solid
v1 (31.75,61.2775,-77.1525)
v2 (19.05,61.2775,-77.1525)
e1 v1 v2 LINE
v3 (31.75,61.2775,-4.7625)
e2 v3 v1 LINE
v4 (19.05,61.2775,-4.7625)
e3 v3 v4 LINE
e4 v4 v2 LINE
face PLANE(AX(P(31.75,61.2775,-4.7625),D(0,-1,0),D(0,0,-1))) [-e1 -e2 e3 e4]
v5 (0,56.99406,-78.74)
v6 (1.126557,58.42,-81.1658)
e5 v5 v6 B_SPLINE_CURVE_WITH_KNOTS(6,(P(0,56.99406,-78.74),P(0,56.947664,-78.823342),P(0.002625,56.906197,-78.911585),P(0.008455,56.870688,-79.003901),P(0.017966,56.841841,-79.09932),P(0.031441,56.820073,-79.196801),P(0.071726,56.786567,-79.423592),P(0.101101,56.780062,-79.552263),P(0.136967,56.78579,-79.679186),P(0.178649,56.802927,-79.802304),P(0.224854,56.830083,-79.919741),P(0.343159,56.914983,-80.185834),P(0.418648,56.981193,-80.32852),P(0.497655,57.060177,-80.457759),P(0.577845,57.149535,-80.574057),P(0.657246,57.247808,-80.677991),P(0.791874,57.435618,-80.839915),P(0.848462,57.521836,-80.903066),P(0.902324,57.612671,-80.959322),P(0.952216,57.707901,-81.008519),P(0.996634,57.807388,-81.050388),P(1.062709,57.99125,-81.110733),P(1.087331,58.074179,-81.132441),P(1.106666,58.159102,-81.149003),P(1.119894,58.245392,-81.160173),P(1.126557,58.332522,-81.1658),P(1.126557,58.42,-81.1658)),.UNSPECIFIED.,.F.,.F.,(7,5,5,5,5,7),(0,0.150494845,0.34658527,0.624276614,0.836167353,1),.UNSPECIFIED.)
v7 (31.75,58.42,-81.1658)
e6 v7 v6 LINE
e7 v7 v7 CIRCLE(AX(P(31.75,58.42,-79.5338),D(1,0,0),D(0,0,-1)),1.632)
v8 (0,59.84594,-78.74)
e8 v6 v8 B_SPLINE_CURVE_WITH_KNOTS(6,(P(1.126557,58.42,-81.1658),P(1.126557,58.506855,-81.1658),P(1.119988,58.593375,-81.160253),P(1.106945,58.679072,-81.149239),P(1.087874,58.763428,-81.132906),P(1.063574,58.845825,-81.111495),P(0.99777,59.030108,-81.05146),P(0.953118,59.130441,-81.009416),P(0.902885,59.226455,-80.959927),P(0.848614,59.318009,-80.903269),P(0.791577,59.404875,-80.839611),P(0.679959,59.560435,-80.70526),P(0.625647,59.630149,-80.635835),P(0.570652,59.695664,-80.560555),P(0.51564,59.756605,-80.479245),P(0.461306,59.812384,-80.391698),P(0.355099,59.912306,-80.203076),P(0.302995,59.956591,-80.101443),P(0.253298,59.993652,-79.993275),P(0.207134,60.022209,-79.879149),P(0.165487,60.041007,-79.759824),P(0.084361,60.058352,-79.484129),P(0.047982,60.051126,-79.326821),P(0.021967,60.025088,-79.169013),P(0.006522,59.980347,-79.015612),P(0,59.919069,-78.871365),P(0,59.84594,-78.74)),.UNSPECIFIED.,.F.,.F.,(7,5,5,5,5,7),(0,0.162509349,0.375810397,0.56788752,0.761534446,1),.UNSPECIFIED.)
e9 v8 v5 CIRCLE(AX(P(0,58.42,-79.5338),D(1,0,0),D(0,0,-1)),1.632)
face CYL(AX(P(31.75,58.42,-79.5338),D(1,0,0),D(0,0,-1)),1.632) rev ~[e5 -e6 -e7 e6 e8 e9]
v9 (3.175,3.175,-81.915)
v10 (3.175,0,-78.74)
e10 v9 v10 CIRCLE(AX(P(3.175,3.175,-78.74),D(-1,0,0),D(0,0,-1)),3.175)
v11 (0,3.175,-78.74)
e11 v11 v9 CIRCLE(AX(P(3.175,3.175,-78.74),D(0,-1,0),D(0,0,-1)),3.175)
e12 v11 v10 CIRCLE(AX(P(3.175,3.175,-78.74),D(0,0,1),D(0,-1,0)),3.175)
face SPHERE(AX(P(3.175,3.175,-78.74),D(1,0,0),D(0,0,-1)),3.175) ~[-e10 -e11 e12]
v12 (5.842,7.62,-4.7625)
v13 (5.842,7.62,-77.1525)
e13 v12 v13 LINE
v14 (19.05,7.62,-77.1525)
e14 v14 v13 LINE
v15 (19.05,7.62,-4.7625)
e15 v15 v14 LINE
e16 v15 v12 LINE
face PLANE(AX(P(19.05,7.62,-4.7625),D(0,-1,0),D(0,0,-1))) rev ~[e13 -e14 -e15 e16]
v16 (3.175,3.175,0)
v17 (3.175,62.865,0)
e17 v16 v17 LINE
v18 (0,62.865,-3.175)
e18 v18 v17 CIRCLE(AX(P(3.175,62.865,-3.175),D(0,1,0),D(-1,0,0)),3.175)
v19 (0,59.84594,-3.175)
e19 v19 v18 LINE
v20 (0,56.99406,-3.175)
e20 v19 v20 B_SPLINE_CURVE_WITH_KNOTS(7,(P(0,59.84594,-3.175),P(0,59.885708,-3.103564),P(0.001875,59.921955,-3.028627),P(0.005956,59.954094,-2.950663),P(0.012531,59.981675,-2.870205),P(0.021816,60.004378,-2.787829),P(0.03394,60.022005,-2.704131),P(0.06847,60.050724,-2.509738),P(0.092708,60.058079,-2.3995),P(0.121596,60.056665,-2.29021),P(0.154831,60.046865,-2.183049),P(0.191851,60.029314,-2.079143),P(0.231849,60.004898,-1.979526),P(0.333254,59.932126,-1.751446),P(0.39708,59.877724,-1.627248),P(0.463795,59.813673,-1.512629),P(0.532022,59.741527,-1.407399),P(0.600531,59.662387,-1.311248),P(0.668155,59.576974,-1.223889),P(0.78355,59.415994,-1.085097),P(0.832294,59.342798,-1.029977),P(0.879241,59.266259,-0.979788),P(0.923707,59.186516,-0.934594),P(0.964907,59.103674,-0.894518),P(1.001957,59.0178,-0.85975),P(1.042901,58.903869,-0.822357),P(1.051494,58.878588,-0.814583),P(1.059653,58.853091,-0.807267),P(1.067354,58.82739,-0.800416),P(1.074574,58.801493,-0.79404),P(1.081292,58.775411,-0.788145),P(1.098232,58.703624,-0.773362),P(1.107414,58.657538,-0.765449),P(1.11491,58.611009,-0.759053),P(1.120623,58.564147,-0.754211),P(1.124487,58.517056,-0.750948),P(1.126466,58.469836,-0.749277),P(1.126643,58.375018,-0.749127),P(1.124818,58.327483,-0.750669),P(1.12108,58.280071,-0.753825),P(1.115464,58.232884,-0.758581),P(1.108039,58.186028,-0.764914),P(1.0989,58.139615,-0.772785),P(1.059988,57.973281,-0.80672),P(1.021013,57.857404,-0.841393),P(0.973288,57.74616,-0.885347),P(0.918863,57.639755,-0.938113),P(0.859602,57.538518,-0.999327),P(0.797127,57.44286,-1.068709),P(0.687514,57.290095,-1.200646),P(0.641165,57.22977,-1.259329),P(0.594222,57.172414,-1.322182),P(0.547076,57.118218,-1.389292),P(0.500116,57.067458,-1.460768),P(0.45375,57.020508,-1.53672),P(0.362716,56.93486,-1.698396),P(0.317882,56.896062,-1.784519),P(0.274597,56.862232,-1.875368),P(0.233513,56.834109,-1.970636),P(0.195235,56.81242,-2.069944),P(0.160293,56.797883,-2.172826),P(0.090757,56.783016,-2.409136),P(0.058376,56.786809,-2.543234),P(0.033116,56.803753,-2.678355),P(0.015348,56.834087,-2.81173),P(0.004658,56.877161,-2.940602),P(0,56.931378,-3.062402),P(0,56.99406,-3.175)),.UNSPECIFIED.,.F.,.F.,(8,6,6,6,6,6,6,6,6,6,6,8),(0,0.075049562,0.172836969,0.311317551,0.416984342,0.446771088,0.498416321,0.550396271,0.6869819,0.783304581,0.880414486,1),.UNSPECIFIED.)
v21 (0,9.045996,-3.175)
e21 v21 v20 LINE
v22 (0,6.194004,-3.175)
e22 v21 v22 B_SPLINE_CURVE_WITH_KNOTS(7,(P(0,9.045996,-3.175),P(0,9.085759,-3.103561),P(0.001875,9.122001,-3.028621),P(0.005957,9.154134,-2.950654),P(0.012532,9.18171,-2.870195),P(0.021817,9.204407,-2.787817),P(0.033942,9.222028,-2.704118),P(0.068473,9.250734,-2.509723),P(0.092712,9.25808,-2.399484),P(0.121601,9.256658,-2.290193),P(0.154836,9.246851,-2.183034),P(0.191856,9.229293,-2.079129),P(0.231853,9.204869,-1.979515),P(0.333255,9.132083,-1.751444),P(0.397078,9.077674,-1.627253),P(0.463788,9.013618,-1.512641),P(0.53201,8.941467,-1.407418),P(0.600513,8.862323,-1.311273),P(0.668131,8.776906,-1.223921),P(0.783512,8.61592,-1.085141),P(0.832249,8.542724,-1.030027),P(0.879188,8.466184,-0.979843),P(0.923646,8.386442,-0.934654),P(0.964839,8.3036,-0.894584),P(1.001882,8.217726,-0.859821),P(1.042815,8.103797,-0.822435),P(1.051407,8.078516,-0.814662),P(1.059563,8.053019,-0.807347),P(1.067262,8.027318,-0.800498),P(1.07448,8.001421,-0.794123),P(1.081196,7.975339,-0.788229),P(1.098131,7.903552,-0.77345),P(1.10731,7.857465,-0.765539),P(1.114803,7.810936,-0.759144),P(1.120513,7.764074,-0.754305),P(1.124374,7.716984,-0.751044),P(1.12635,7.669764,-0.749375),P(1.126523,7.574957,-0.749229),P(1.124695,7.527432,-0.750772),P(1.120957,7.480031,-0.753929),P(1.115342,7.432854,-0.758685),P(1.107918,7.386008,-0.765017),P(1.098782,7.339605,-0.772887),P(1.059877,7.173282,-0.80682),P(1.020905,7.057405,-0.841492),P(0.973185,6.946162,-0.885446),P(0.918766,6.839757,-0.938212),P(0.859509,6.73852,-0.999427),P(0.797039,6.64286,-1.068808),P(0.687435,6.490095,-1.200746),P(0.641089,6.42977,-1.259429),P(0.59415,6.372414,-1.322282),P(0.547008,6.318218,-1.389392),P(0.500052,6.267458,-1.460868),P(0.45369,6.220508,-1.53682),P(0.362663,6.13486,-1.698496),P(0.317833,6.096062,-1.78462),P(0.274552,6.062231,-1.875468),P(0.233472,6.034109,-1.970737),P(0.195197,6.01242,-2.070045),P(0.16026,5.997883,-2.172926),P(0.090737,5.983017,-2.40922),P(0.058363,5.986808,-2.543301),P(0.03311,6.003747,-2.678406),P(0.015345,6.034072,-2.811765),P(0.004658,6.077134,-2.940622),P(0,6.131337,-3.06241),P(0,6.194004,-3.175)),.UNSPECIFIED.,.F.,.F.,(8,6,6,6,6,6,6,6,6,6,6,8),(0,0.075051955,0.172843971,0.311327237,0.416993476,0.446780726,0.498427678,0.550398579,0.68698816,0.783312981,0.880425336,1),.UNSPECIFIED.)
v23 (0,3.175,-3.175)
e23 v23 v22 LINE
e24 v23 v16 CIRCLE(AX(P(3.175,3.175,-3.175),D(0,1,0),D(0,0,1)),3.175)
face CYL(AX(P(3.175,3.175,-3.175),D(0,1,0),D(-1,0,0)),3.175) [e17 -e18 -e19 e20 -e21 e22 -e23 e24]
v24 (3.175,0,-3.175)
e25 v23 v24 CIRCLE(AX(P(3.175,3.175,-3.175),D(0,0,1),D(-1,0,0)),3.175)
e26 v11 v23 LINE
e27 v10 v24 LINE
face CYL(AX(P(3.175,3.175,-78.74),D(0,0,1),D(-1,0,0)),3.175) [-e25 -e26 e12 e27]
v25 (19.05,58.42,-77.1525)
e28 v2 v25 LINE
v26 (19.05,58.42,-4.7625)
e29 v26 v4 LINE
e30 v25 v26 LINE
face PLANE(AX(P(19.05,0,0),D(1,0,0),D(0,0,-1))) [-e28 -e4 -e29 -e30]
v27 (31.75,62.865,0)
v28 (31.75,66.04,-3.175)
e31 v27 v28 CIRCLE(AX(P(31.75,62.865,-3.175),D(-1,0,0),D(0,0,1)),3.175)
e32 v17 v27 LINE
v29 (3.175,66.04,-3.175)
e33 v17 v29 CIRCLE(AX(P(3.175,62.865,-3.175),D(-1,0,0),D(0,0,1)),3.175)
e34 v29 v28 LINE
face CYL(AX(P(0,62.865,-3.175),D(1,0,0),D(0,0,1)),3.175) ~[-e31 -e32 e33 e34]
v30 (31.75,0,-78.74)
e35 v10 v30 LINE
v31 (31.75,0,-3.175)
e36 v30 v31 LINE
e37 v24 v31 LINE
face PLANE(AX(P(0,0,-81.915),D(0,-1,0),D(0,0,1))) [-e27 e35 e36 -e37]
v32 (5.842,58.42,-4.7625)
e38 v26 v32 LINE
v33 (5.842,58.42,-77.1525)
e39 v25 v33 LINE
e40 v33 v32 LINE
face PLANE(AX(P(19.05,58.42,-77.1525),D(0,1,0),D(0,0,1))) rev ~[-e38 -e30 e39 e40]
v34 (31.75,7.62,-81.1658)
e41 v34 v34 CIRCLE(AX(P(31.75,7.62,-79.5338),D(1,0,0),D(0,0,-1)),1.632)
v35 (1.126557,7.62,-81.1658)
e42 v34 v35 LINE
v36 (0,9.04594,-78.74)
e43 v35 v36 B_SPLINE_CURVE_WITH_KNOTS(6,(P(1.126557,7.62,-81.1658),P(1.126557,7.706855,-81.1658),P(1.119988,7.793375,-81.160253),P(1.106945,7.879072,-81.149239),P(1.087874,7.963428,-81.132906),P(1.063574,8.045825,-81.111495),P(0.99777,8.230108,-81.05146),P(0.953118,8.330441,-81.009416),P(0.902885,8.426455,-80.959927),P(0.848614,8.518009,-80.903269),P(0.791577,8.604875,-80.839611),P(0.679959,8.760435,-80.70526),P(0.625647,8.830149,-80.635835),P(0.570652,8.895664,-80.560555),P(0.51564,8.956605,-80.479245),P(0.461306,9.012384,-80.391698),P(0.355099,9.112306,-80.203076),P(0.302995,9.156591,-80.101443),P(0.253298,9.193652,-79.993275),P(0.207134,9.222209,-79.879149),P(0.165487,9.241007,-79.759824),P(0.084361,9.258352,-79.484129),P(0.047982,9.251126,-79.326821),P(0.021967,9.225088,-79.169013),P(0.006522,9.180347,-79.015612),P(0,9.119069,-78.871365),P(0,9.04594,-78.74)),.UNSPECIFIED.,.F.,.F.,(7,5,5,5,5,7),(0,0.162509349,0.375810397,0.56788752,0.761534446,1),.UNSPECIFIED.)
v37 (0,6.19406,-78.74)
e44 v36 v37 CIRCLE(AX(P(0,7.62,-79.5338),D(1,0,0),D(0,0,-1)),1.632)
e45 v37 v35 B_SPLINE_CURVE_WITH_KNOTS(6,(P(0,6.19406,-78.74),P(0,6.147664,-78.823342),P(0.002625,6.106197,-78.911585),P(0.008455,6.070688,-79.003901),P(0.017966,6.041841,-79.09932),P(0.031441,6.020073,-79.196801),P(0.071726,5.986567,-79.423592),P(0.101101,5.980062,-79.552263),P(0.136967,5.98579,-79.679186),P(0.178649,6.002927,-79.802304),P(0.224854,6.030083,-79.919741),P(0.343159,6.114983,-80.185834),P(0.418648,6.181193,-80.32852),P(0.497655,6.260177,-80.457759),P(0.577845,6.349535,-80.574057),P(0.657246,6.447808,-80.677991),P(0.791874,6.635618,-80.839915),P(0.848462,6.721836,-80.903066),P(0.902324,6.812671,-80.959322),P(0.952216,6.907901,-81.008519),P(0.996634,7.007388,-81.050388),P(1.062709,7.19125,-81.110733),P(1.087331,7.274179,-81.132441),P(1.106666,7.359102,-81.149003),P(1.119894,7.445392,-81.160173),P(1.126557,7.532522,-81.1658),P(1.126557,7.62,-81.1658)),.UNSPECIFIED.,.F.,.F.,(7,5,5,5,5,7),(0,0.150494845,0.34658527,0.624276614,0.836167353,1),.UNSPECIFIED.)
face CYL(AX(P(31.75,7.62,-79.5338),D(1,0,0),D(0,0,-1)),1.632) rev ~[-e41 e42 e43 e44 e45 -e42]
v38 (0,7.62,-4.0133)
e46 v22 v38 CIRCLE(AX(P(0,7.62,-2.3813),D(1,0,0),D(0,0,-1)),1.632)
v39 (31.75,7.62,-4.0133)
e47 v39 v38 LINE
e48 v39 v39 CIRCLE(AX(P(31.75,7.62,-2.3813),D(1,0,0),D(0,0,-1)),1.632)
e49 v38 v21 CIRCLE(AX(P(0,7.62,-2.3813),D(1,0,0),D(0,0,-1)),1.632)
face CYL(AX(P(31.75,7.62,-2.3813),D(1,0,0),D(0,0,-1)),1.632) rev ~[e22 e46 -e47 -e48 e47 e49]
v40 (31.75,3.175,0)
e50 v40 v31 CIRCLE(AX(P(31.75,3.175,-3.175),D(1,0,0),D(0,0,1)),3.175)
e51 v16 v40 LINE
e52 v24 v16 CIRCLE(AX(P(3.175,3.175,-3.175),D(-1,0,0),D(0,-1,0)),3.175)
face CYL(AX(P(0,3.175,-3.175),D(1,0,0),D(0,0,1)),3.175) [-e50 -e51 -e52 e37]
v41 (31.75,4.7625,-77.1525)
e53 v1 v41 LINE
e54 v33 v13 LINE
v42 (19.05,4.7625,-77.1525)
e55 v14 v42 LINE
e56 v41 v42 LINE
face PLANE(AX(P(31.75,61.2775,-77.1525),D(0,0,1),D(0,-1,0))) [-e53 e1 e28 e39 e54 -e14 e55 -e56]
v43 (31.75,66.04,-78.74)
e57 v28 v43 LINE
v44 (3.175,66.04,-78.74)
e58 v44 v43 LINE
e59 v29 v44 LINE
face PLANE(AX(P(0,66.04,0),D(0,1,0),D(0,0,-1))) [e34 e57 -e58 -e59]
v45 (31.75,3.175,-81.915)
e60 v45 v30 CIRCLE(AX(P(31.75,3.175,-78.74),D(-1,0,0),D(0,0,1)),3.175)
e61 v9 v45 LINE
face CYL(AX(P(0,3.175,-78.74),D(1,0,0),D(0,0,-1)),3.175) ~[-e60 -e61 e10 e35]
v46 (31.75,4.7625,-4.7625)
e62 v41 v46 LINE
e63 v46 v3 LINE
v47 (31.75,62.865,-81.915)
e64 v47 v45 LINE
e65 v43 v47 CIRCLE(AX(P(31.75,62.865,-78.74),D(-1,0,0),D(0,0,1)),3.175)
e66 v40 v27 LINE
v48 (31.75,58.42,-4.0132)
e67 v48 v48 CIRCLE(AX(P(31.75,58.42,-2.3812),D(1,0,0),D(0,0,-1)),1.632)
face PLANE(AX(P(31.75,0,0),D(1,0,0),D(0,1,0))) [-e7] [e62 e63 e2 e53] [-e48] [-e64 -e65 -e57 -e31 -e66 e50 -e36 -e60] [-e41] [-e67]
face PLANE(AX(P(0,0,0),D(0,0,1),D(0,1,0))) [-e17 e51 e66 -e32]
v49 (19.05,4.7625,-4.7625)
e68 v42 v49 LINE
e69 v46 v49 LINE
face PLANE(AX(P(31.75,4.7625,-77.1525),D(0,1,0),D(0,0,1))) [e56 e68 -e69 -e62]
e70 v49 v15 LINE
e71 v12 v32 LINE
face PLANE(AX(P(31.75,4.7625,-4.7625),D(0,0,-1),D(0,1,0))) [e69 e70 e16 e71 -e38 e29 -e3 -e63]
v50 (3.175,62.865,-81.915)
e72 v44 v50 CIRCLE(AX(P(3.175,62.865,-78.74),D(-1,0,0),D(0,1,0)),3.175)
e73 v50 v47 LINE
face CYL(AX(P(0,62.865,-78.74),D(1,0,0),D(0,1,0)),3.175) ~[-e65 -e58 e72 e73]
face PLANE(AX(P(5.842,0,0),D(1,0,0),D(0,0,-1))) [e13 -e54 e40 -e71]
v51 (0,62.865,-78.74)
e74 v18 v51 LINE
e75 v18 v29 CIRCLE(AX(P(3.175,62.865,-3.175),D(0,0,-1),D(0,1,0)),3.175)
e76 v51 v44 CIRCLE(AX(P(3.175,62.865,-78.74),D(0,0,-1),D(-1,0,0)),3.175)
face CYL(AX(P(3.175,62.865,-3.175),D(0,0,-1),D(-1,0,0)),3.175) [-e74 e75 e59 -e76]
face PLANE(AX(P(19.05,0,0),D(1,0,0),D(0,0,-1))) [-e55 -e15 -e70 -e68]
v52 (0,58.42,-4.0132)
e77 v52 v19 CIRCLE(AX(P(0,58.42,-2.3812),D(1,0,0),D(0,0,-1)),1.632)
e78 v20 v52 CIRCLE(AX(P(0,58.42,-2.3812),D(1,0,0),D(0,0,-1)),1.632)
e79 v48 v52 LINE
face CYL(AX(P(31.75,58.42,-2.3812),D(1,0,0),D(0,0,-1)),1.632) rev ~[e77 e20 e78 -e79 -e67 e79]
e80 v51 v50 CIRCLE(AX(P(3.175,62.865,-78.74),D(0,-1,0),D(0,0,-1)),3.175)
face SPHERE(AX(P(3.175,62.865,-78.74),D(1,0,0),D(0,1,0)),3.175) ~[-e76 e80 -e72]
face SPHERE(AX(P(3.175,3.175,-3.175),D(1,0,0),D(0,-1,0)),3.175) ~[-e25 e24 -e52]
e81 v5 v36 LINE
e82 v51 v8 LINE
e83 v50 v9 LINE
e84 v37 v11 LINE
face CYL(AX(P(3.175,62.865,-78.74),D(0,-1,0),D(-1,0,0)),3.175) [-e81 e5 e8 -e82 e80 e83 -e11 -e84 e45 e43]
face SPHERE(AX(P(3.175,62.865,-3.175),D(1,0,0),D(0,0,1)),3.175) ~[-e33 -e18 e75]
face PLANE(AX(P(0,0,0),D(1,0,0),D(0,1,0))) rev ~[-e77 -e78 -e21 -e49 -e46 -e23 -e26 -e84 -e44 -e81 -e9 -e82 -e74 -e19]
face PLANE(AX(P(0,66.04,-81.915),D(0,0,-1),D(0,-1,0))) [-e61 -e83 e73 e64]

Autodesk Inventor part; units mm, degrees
ref_plane "YZ Plane" through (0, 0, 0) normal (1, 0, 0) x (0, 1, 0)
ref_plane "XZ Plane" through (0, 0, 0) normal (0, 1, 0) x (-1, 0, 0)
ref_plane "XY Plane" through (0, 0, 0) normal (0, 0, 1) x (1, 0, 0)
sketch "Sketch1" plane through (0, 0, 0) normal (1, 0, 0) x (0, 1, 0)
  line L0 (0, 0) -> (66.04, 0)
  line L1 (66.04, 0) -> (66.04, -81.915)
  line L2 (66.04, -81.915) -> (0, -81.915)
  line L3 (0, -81.915) -> (0, 0)
  dimension "d0" = 66.04
  dimension "d1" = 81.915
extrude "Extrusion1" add sketch "Sketch1" along normal blind 31.75
fillet "Fillet1" radius 3.175 4 edges at (15.875, 0, -81.915) (15.875, 66.04, -81.915) (15.875, 0, 0) (15.875, 66.04, 0)
sketch "Sketch2" plane through (31.75, 0, 0) normal (1, 0, 0) x (0, 0, -1)
  line L0 (77.1525, 4.7625) -> (4.7625, 4.7625)
  line L1 (4.7625, 4.7625) -> (4.7625, 61.2775)
  line L2 (4.7625, 61.2775) -> (77.1525, 61.2775)
  line L3 (77.1525, 61.2775) -> (77.1525, 4.7625)
  line L4 (0, 0) -> (20.3539, 0) construction
  line L5 (3.175, 0) -> (78.74, 0) projected
  line L6 (0, 0) -> (0, 12.4806) construction
  line L7 (0, 62.865) -> (0, 3.175) projected
  dimension "d6" = 56.515
  dimension "d7" = 72.39
  dimension "d10" = 4.7625
  dimension "d19" = 4.7625
extrude "Extrusion2" cut sketch "Sketch2" against normal blind 12.7
sketch "Sketch3" plane through (19.05, 0, 0) normal (1, 0, 0) x (0, 0, -1)
  line L0 (77.1525, 61.2775) -> (77.1525, 4.7625) projected
  line L1 (77.1525, 33.02) -> (4.7625, 33.02) construction
  line L2 (4.7625, 4.7625) -> (4.7625, 61.2775) projected
  line L3 (4.7625, 7.62) -> (77.1525, 7.62)
  line L4 (77.1525, 7.62) -> (77.1525, 58.42)
  line L5 (77.1525, 58.42) -> (4.7625, 58.42)
  line L6 (4.7625, 58.42) -> (4.7625, 7.62)
  line L7 (4.7625, 7.62) -> (77.1525, 58.42) construction
  line L8 (77.1525, 7.62) -> (4.7625, 58.42) construction
  line L9 (77.1525, 4.7625) -> (4.7625, 4.7625) projected
  line L10 (77.1525, 4.7625) -> (77.1525, 24.7395)
  point P0 (40.9575, 33.02)
  dimension "d11" = 50.8
  dimension "d12" = 72.39
extrude "Extrusion3" cut sketch "Sketch3" against normal blind 13.208 contours L0 L3 L2 L5
fillet "Fillet3" radius 3.175 8 edges at (0, 0.9299, -80.9851) (0, 0, -40.9575) (0, 0.9299, -0.9299) (0, 33.02, 0) (0, 65.1101, -0.9299) (0, 66.04, -40.9575) (0, 65.1101, -80.9851) (0, 33.02, -81.915)
sketch "Sketch4" plane through (31.75, 0, 0) normal (1, 0, 0) x (0, 0, -1)
  line L0 (2.3813, -0.2223) -> (2.3813, 65.5235) construction
  line L1 (0, 3.175) -> (0, 62.865) projected
  circle A0 centre (2.3813, 7.62) radius 1.632
  line L2 (0, 62.865) -> (0, 3.175) projected
  line L3 (0, 33.02) -> (4.7625, 33.02) construction
  line L4 (4.7625, 7.62) -> (4.7625, 58.42) projected
  circle A1 centre (2.3812, 58.42) radius 1.632
  line L5 (4.7625, 58.42) -> (4.7625, 7.62)
  line L6 (77.1525, 4.7625) -> (4.7625, 4.7625) projected
  line L7 (40.9575, 4.7625) -> (40.9575, -0.2223) construction
  circle A2 centre (79.5338, 7.62) radius 1.632
  circle A3 centre (79.5338, 58.42) radius 1.632
  point P0 (0, 0)
  dimension "d17" = 2.3813
  dimension "d18" = 3.2639
  dimension "d21" = 25.4
extrude "Extrusion4" cut sketch "Sketch4" against normal blind 31.75
properties part number "bottom"
